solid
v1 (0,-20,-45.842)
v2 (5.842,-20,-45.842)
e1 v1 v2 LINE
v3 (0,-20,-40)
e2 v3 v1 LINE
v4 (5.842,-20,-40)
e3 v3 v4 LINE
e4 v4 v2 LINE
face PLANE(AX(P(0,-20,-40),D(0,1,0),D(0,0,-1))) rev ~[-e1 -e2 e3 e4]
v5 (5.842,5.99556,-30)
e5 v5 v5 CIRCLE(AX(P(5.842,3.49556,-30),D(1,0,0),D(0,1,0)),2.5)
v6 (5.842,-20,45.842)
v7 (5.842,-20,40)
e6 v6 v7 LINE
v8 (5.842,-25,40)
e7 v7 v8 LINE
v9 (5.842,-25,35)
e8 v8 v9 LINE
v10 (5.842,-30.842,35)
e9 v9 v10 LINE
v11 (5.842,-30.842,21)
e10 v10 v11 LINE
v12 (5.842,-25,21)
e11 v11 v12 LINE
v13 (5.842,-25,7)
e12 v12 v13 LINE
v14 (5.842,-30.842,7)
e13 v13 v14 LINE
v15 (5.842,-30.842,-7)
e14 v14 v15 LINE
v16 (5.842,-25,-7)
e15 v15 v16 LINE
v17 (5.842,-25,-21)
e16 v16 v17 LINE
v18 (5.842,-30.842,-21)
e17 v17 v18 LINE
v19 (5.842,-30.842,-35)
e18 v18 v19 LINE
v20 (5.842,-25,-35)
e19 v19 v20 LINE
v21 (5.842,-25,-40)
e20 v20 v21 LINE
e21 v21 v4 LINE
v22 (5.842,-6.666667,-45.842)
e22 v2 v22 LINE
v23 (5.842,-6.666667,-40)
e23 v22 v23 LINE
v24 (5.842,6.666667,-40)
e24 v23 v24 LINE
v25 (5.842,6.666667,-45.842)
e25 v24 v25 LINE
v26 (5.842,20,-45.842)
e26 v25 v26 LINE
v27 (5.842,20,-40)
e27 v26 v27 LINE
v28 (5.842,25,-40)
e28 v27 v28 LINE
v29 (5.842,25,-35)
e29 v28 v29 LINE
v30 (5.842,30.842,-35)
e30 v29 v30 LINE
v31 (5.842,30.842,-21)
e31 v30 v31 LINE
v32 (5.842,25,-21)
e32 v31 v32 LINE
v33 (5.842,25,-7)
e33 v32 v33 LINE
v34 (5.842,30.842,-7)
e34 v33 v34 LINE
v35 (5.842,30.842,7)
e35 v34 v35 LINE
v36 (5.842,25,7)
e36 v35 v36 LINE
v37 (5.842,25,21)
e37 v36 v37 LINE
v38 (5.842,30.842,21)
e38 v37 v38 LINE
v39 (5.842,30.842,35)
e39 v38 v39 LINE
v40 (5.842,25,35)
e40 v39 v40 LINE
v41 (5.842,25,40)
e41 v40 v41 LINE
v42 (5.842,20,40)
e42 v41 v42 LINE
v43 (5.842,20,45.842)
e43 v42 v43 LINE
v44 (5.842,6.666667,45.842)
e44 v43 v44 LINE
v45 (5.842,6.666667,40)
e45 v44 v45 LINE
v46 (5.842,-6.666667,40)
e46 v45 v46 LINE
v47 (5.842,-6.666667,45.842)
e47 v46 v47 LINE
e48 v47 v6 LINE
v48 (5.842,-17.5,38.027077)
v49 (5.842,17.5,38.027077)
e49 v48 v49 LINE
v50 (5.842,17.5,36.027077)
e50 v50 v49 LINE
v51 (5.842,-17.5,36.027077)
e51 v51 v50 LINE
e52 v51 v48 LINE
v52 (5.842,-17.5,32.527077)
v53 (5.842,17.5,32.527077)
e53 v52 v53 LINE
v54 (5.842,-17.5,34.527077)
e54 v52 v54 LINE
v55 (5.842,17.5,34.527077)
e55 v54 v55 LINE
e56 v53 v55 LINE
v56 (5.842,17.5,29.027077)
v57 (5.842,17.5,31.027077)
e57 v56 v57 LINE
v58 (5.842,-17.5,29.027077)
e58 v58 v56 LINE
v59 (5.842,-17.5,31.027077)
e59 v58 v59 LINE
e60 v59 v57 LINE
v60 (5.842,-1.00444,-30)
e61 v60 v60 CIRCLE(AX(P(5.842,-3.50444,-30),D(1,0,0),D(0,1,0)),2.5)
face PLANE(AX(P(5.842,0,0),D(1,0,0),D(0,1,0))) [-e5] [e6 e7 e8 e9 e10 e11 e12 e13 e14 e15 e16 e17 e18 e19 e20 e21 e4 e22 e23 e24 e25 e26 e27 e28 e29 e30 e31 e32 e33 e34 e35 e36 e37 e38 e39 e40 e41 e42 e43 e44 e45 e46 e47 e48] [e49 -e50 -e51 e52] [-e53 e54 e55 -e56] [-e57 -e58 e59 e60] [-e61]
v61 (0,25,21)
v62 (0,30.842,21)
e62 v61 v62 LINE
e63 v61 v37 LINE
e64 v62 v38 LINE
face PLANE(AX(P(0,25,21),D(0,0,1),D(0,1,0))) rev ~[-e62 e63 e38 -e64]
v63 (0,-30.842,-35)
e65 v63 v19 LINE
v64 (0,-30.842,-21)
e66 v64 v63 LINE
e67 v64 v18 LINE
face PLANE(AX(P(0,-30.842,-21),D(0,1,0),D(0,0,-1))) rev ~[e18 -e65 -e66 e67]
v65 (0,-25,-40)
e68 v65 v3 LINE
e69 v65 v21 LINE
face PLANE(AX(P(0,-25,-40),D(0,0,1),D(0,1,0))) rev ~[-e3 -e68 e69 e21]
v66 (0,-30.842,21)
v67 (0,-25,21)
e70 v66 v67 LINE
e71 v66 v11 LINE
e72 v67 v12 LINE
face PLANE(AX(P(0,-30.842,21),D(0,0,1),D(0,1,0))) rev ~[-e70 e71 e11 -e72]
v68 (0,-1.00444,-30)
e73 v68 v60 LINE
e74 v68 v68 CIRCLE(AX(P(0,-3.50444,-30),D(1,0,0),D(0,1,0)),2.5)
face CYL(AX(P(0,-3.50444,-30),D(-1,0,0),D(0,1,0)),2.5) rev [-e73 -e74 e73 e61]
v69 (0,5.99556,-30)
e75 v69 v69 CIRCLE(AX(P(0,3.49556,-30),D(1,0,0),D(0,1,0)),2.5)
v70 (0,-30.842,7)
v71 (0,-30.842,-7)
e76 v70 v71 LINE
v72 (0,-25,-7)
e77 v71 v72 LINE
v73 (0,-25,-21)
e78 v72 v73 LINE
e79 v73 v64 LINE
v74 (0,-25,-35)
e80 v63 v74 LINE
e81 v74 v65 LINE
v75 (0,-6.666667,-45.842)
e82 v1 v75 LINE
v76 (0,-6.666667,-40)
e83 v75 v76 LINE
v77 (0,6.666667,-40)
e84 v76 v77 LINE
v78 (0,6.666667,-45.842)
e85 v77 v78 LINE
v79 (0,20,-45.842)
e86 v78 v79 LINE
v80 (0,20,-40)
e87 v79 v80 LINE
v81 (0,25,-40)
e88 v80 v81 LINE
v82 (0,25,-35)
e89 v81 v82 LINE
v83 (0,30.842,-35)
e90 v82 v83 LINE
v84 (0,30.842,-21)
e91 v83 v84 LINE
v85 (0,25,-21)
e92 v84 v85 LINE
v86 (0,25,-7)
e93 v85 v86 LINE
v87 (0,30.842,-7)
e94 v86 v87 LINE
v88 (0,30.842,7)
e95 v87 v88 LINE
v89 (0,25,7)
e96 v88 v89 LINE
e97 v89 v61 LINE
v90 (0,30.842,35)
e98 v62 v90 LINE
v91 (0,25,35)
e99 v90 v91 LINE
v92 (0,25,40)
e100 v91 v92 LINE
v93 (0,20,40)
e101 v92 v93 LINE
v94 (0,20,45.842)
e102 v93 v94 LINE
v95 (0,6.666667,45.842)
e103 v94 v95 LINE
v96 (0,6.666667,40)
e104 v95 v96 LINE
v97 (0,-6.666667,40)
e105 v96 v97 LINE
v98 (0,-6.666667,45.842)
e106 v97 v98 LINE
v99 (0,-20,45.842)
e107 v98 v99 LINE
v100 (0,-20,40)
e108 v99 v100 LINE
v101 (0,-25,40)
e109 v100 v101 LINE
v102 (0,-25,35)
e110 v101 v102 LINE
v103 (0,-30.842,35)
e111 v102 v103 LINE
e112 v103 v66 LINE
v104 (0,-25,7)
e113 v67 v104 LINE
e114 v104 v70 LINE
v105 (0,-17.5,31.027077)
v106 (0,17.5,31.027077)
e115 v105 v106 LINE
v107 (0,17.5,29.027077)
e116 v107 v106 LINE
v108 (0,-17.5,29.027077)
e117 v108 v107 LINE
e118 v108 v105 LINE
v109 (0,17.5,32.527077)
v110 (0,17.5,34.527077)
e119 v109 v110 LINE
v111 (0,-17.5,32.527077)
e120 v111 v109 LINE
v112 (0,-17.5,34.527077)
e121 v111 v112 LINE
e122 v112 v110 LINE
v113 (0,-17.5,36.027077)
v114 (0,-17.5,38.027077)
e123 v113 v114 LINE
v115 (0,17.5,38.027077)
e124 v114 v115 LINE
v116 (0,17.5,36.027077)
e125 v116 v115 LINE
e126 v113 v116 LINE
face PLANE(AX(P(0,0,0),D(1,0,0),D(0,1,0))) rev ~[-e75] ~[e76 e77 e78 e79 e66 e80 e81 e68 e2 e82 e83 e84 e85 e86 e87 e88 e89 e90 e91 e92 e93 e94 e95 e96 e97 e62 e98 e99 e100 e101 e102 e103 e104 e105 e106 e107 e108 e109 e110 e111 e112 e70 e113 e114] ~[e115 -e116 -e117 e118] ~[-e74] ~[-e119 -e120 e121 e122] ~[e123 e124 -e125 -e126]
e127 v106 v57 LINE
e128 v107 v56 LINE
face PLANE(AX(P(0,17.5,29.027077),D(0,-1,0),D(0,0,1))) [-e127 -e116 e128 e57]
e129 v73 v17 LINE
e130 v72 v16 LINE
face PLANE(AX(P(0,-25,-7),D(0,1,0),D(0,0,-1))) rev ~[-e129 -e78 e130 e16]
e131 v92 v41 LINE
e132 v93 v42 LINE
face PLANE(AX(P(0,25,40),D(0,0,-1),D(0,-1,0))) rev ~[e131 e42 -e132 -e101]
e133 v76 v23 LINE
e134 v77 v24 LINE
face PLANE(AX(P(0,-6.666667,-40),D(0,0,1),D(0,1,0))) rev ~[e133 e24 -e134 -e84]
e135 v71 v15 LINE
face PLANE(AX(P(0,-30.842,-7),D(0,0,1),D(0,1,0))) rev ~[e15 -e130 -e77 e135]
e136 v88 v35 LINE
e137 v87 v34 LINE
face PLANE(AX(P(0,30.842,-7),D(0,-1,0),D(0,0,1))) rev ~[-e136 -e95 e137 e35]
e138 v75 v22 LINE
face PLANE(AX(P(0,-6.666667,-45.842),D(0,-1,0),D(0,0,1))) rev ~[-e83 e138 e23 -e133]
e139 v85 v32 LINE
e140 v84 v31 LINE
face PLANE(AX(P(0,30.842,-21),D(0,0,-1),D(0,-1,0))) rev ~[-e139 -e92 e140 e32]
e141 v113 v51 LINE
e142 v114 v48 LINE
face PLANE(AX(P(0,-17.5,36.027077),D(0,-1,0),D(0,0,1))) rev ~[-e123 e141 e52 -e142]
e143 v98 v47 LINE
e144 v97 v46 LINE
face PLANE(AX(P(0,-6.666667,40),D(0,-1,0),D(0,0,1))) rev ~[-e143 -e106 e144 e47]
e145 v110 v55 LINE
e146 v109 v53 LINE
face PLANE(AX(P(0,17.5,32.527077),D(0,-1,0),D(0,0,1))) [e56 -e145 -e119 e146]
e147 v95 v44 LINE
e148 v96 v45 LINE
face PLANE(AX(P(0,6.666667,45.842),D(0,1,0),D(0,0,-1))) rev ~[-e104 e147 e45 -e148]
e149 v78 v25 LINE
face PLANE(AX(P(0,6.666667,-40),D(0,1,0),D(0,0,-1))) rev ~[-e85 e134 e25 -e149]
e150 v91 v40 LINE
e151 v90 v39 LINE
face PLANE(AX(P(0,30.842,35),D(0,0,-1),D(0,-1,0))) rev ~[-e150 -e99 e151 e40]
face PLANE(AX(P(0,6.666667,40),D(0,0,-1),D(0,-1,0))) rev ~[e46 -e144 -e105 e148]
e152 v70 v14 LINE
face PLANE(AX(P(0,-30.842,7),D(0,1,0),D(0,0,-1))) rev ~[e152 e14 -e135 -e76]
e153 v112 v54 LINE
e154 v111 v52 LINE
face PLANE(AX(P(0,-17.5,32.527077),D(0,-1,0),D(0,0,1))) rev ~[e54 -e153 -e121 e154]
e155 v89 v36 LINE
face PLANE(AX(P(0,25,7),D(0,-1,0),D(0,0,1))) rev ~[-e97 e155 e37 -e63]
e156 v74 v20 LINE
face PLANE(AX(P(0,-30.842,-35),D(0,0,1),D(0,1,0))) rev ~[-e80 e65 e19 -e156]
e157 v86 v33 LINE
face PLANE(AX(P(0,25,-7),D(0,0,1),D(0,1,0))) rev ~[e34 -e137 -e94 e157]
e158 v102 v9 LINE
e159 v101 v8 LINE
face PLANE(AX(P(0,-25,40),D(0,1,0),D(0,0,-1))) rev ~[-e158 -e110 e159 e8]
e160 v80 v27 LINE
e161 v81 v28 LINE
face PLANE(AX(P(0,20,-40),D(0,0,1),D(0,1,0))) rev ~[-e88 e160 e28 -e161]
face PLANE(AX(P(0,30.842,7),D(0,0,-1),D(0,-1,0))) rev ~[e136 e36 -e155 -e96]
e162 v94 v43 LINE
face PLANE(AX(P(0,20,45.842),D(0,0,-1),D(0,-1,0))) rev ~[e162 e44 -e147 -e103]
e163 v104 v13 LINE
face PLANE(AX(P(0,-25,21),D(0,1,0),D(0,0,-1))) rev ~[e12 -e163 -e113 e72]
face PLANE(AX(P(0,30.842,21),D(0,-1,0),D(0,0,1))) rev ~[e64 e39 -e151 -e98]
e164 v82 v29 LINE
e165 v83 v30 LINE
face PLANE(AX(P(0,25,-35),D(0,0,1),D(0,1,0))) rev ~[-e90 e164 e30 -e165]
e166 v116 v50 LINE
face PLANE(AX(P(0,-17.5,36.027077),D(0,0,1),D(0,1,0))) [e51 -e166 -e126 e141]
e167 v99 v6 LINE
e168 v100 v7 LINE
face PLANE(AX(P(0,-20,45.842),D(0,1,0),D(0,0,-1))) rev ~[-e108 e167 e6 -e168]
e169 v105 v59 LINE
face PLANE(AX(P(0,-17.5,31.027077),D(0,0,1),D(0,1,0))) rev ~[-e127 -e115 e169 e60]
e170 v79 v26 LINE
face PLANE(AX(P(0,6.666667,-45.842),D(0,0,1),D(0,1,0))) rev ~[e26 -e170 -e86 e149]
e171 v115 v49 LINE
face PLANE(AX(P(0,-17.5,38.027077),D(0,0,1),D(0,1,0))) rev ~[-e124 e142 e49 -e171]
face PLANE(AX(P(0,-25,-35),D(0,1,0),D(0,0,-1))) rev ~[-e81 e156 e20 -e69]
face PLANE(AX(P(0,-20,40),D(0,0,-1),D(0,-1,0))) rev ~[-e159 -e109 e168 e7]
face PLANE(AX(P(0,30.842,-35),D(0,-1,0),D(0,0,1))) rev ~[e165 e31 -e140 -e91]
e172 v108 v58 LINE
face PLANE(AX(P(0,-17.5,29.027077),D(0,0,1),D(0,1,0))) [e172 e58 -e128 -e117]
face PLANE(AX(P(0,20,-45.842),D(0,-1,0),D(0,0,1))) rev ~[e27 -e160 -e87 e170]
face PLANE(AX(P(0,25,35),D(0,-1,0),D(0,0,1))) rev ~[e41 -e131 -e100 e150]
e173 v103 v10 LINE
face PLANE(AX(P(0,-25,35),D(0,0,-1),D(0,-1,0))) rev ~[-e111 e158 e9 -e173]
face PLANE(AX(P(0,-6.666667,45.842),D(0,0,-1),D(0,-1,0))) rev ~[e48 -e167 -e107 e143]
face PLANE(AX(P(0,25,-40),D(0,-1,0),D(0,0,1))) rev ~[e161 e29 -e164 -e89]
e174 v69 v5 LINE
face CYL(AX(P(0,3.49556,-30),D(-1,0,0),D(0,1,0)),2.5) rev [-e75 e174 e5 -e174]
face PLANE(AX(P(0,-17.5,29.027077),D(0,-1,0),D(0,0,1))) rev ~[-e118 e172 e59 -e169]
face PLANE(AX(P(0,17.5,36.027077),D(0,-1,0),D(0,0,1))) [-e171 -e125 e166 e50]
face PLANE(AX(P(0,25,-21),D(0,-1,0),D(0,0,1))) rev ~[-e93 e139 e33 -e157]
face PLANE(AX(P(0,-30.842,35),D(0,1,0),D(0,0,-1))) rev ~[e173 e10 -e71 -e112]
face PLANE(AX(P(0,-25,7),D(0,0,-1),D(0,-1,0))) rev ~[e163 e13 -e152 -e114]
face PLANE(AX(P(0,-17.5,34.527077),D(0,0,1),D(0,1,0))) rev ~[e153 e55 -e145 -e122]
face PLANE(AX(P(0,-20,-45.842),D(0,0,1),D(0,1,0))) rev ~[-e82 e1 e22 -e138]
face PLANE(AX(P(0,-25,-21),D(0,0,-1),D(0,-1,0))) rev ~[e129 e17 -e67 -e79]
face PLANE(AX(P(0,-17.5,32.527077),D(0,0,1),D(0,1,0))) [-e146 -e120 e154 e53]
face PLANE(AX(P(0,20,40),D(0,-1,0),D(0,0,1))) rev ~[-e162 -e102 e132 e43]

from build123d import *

# Parameters (mm, degrees)
F0_R     = 2.5
F0_W     = 35
F0_H     = 2
F1_DEPTH = 5.842


with BuildPart() as f1:
    # F0 (on Right) → F1 (new body)
    with BuildSketch(Plane.YZ):
        Polygon((-25, -35), (-25, -40), (-20, -40), (-20, -45.842), (-6.666667, -45.842), (-6.666667, -40), (6.666667, -40), (6.666667, -45.842), (20, -45.842), (20, -40), (25, -40), (25, -35), (30.842, -35), (30.842, -21), (25, -21), (25, -7), (30.842, -7), (30.842, 7), (25, 7), (25, 21), (30.842, 21), (30.842, 35), (25, 35), (25, 40), (20, 40), (20, 45.842), (6.666667, 45.842), (6.666667, 40), (-6.666667, 40), (-6.666667, 45.842), (-20, 45.842), (-20, 40), (-25, 40), (-25, 35), (-30.842, 35), (-30.842, 21), (-25, 21), (-25, 7), (-30.842, 7), (-30.842, -7), (-25, -7), (-25, -21), (-30.842, -21), (-30.842, -35), align=None)
        with Locations((-3.50444, -30)):
            Circle(F0_R, mode=Mode.SUBTRACT)
        with Locations((3.49556, -30)):
            Circle(F0_R, mode=Mode.SUBTRACT)
        with Locations((0, 30.027077)):
            Rectangle(F0_W, F0_H, mode=Mode.SUBTRACT)
        with Locations((0, 33.527077)):
            Rectangle(F0_W, F0_H, mode=Mode.SUBTRACT)
        with Locations((0, 37.027077)):
            Rectangle(F0_W, F0_H, mode=Mode.SUBTRACT)
    extrude(amount=F1_DEPTH)


solid = f1.part
